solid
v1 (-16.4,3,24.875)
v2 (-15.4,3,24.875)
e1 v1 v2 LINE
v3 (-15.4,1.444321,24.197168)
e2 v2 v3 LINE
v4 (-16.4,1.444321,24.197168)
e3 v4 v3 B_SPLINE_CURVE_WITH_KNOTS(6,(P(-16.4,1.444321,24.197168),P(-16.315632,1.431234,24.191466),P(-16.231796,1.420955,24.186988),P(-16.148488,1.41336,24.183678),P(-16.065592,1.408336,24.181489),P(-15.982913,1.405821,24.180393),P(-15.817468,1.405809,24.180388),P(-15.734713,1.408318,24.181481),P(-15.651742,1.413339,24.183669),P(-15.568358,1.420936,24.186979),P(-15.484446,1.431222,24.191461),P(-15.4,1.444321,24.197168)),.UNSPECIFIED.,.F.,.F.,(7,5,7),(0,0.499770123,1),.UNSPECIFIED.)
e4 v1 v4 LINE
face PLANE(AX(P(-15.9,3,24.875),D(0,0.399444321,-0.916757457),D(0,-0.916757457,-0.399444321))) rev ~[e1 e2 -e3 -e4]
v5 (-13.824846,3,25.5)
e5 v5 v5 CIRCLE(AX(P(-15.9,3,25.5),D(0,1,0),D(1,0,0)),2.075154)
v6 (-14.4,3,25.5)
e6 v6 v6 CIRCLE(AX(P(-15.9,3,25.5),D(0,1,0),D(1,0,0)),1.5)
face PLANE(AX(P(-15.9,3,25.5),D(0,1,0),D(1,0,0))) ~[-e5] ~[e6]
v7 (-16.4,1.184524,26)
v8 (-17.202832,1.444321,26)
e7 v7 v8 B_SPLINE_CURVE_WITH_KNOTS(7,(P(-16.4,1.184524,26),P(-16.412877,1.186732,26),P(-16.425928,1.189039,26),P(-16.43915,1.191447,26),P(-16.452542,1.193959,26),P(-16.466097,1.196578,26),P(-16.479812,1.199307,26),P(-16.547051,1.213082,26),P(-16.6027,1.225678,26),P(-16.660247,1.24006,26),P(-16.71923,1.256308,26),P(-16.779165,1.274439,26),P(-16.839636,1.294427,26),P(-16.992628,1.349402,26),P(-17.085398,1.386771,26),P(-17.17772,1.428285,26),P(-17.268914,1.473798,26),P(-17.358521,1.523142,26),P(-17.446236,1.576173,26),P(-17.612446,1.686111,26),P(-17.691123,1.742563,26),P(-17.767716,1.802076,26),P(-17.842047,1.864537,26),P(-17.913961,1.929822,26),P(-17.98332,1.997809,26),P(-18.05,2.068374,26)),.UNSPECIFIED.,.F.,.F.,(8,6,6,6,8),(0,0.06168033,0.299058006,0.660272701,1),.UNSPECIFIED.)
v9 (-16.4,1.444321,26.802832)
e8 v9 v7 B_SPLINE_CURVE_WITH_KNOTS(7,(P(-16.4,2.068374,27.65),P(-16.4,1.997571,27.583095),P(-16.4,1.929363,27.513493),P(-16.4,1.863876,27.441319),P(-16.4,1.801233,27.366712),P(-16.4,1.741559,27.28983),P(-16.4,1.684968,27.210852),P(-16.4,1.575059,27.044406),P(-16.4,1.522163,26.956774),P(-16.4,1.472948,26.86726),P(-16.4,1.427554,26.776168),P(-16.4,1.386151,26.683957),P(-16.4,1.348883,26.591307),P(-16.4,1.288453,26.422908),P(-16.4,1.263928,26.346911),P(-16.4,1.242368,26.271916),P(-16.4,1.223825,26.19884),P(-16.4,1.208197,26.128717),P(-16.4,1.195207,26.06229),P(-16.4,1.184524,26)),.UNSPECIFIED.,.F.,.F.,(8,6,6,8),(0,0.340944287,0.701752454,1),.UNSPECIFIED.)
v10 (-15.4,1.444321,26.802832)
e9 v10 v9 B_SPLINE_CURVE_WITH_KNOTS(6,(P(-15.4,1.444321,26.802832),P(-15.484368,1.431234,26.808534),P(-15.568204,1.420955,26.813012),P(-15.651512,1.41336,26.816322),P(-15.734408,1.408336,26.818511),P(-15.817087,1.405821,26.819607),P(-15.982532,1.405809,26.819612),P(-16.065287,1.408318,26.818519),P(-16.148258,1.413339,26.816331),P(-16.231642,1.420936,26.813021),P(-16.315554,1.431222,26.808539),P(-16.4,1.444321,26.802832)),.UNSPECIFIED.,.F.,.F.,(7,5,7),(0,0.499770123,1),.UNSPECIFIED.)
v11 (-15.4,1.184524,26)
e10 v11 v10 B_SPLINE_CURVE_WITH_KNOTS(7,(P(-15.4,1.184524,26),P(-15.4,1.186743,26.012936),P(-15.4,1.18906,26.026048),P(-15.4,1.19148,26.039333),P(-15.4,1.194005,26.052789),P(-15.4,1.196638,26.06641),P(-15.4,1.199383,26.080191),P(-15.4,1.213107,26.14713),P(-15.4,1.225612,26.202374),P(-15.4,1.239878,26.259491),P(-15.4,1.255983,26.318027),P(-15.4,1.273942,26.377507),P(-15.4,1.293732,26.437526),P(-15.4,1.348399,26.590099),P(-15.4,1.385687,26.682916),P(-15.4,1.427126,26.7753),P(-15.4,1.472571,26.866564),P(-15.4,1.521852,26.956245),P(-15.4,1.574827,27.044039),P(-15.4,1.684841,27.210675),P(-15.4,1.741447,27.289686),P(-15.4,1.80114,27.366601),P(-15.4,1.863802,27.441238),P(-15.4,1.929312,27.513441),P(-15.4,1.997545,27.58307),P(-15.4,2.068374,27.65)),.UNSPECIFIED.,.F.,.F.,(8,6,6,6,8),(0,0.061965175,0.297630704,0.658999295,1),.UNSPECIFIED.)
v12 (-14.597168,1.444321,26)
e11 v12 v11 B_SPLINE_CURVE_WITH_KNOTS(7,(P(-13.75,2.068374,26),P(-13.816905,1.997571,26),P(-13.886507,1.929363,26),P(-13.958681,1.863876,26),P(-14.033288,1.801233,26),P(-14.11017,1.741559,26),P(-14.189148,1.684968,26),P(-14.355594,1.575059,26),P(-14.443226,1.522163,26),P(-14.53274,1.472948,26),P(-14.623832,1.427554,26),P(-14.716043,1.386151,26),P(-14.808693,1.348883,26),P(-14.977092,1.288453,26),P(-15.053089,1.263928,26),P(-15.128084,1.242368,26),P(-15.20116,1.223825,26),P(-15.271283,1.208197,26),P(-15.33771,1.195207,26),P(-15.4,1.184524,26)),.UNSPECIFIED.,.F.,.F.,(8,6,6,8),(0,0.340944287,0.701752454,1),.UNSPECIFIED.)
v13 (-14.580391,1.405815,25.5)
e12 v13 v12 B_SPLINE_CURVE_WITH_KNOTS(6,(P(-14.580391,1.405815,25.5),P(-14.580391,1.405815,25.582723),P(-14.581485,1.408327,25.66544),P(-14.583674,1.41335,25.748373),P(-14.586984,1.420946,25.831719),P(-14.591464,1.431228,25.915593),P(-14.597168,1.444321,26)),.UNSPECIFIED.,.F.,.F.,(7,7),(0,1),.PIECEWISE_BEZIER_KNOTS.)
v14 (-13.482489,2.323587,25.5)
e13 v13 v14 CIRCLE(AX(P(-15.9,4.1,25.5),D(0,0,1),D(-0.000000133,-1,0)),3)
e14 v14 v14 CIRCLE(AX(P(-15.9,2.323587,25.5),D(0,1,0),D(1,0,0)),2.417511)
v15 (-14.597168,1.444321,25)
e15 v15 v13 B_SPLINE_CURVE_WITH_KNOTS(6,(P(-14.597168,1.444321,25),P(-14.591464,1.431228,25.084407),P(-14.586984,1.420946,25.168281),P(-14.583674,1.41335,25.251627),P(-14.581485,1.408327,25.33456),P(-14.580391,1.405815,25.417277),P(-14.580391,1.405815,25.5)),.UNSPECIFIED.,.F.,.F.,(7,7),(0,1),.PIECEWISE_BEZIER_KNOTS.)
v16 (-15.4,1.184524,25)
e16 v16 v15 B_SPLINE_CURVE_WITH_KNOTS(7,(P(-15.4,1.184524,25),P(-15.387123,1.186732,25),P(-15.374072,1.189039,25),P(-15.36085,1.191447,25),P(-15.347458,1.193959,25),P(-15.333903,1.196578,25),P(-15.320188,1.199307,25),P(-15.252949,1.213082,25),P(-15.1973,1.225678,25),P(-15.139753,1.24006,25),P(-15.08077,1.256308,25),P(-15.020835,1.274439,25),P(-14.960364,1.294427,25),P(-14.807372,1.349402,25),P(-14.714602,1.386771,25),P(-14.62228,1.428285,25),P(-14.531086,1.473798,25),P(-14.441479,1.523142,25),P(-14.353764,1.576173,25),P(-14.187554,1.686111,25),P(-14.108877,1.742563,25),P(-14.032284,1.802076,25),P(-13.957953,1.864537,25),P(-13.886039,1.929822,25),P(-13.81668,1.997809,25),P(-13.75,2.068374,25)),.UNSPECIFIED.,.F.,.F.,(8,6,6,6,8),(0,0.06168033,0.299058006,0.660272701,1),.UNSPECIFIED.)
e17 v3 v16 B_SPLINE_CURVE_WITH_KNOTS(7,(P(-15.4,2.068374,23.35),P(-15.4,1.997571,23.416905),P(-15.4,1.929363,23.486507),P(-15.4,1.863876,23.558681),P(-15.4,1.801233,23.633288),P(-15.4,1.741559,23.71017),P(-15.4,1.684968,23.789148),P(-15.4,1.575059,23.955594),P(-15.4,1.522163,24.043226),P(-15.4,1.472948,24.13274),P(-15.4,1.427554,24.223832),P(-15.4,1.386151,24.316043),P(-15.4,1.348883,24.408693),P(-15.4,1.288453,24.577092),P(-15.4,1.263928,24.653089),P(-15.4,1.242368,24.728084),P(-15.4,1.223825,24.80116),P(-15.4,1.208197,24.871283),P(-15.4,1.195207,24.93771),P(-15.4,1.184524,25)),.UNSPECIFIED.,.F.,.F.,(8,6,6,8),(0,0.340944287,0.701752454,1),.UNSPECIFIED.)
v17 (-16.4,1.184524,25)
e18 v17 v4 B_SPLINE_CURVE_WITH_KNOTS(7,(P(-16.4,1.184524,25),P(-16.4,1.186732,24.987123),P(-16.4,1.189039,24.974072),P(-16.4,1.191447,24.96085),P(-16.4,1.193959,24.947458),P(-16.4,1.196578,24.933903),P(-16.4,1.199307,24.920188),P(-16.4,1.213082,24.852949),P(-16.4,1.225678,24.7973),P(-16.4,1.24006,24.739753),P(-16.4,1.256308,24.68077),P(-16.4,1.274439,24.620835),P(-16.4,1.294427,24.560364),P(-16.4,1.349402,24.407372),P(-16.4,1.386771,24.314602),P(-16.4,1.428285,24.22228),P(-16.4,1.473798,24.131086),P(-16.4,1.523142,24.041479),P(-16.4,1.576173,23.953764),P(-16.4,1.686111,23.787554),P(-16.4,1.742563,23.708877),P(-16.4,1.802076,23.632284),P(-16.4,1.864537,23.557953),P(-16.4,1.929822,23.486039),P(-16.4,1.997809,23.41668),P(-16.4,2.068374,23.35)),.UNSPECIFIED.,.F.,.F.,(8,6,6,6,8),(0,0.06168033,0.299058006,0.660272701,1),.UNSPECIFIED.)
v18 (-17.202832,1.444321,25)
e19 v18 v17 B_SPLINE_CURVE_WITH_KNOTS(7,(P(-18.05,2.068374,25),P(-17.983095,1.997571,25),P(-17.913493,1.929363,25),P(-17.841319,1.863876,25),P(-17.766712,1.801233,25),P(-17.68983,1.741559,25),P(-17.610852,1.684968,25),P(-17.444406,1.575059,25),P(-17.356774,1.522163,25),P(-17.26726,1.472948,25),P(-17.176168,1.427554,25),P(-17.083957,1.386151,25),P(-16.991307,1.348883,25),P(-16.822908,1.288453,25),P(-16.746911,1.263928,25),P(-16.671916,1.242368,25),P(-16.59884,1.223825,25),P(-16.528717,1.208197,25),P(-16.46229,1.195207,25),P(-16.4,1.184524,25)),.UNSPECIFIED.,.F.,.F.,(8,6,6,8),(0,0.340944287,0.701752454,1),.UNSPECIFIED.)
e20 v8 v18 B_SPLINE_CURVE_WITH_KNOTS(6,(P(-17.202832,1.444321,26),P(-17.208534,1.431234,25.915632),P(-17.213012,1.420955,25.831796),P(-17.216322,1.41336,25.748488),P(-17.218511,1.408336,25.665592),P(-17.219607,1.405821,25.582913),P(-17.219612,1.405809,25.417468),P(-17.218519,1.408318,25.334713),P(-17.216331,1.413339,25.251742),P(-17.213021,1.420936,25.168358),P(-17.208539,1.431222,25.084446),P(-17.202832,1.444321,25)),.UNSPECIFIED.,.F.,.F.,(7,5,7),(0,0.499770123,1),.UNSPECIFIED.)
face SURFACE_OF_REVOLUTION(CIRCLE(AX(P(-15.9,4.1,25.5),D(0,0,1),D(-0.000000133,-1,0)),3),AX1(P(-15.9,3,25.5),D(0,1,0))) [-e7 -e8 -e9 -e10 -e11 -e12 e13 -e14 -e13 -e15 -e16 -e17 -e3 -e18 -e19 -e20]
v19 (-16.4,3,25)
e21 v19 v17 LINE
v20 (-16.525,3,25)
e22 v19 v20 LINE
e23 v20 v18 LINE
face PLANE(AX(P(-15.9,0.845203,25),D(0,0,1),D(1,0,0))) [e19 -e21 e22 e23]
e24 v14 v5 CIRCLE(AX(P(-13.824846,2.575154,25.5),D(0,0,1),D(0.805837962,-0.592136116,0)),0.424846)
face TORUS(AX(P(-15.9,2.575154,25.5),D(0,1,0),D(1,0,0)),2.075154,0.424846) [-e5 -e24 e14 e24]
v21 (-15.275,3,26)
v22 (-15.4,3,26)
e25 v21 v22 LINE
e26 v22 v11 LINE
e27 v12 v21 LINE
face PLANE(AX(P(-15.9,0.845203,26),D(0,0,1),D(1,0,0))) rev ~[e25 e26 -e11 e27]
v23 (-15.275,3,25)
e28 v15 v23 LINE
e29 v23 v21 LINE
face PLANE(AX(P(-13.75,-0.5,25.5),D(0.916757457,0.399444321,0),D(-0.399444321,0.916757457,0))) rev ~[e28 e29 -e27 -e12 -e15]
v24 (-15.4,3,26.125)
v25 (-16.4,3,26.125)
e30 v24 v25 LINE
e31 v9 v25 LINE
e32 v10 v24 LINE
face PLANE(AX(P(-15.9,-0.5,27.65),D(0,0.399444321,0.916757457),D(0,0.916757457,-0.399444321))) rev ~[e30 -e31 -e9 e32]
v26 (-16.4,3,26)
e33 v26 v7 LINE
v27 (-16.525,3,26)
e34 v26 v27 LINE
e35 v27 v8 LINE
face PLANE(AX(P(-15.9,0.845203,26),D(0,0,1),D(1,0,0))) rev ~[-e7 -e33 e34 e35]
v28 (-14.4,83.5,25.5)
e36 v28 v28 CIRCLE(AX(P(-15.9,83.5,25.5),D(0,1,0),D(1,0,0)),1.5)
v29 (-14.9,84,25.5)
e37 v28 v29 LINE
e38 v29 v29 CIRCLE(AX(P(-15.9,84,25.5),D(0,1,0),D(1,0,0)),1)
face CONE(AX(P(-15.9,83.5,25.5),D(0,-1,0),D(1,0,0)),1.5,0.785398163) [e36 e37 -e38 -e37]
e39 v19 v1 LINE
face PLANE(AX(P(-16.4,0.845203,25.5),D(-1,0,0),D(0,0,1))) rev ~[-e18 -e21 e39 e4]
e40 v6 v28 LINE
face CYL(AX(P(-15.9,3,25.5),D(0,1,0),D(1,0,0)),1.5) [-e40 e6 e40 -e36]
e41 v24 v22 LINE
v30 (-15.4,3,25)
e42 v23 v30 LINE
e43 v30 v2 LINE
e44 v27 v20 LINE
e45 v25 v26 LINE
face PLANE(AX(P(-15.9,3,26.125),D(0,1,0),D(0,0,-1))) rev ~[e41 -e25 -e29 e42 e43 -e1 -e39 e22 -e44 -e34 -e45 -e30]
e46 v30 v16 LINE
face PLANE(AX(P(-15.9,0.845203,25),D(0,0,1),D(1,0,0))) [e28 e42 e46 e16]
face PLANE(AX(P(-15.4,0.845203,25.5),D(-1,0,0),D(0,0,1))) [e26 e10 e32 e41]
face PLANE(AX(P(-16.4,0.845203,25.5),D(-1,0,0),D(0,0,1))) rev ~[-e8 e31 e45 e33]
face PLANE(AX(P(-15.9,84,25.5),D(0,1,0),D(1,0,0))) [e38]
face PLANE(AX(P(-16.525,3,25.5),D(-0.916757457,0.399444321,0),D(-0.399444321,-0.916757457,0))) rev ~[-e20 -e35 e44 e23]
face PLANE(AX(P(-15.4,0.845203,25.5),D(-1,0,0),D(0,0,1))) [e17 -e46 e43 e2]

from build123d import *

# Parameters (mm, degrees)
PAD009_DEPTH            = 0.5
BODY005_PLACEMENT_ANGLE = 90
PAD008_DEPTH            = 0.5


with BuildPart() as body005:
    # Sketch021 → Pad009 (new body, symmetric)
    with BuildSketch(Plane.XY):
        Polygon((-2.15, -3.5), (2.15, -3.5), (0.625, 0), (-0.625, 0), align=None)
    extrude(amount=PAD009_DEPTH, both=True)


with BuildPart() as body005_1:
    # Body005 placement: moved
    add(body005.part.rotate(Axis((0, 0, 0), (0, -1, 0)), BODY005_PLACEMENT_ANGLE))


with BuildPart() as fusion:
    # Sketch020 → Pad008 (new body, symmetric)
    with BuildSketch(Plane.XY):
        Polygon((-2.15, -3.5), (2.15, -3.5), (0.625, 0), (-0.625, 0), align=None)
    extrude(amount=PAD008_DEPTH, both=True)

    # Fusion: union Body005
    add(body005_1.part)


with BuildPart() as body015:
    # Sketch019 → Revolution (revolve)
    with BuildSketch(Plane.XY):
        with BuildLine():
            Line((1.5, 0), (1.5, 80.5))
            Line((1.5, 80.5), (1, 81))
            Line((1, 81), (0, 81))
            Line((0, 81), (0, -1.9))
            ThreePointArc((0, -1.9), (1.354762, -1.576681), (2.417511, -0.676413))
            ThreePointArc((2.417511, -0.676413), (2.454213, -0.232991), (2.075154, 0))
            Line((1.5, 0), (2.075154, 0))
        make_face()
    revolve(axis=Axis((0, 0, 0), (0, 1, 0)))

    # Cut: cut Fusion
    add(fusion.part, mode=Mode.SUBTRACT)


with BuildPart() as body015_1:
    # Cut placement: moved
    add(body015.part.moved(Location((-15.9, 3, 25.5))))


solid = body015_1.part
